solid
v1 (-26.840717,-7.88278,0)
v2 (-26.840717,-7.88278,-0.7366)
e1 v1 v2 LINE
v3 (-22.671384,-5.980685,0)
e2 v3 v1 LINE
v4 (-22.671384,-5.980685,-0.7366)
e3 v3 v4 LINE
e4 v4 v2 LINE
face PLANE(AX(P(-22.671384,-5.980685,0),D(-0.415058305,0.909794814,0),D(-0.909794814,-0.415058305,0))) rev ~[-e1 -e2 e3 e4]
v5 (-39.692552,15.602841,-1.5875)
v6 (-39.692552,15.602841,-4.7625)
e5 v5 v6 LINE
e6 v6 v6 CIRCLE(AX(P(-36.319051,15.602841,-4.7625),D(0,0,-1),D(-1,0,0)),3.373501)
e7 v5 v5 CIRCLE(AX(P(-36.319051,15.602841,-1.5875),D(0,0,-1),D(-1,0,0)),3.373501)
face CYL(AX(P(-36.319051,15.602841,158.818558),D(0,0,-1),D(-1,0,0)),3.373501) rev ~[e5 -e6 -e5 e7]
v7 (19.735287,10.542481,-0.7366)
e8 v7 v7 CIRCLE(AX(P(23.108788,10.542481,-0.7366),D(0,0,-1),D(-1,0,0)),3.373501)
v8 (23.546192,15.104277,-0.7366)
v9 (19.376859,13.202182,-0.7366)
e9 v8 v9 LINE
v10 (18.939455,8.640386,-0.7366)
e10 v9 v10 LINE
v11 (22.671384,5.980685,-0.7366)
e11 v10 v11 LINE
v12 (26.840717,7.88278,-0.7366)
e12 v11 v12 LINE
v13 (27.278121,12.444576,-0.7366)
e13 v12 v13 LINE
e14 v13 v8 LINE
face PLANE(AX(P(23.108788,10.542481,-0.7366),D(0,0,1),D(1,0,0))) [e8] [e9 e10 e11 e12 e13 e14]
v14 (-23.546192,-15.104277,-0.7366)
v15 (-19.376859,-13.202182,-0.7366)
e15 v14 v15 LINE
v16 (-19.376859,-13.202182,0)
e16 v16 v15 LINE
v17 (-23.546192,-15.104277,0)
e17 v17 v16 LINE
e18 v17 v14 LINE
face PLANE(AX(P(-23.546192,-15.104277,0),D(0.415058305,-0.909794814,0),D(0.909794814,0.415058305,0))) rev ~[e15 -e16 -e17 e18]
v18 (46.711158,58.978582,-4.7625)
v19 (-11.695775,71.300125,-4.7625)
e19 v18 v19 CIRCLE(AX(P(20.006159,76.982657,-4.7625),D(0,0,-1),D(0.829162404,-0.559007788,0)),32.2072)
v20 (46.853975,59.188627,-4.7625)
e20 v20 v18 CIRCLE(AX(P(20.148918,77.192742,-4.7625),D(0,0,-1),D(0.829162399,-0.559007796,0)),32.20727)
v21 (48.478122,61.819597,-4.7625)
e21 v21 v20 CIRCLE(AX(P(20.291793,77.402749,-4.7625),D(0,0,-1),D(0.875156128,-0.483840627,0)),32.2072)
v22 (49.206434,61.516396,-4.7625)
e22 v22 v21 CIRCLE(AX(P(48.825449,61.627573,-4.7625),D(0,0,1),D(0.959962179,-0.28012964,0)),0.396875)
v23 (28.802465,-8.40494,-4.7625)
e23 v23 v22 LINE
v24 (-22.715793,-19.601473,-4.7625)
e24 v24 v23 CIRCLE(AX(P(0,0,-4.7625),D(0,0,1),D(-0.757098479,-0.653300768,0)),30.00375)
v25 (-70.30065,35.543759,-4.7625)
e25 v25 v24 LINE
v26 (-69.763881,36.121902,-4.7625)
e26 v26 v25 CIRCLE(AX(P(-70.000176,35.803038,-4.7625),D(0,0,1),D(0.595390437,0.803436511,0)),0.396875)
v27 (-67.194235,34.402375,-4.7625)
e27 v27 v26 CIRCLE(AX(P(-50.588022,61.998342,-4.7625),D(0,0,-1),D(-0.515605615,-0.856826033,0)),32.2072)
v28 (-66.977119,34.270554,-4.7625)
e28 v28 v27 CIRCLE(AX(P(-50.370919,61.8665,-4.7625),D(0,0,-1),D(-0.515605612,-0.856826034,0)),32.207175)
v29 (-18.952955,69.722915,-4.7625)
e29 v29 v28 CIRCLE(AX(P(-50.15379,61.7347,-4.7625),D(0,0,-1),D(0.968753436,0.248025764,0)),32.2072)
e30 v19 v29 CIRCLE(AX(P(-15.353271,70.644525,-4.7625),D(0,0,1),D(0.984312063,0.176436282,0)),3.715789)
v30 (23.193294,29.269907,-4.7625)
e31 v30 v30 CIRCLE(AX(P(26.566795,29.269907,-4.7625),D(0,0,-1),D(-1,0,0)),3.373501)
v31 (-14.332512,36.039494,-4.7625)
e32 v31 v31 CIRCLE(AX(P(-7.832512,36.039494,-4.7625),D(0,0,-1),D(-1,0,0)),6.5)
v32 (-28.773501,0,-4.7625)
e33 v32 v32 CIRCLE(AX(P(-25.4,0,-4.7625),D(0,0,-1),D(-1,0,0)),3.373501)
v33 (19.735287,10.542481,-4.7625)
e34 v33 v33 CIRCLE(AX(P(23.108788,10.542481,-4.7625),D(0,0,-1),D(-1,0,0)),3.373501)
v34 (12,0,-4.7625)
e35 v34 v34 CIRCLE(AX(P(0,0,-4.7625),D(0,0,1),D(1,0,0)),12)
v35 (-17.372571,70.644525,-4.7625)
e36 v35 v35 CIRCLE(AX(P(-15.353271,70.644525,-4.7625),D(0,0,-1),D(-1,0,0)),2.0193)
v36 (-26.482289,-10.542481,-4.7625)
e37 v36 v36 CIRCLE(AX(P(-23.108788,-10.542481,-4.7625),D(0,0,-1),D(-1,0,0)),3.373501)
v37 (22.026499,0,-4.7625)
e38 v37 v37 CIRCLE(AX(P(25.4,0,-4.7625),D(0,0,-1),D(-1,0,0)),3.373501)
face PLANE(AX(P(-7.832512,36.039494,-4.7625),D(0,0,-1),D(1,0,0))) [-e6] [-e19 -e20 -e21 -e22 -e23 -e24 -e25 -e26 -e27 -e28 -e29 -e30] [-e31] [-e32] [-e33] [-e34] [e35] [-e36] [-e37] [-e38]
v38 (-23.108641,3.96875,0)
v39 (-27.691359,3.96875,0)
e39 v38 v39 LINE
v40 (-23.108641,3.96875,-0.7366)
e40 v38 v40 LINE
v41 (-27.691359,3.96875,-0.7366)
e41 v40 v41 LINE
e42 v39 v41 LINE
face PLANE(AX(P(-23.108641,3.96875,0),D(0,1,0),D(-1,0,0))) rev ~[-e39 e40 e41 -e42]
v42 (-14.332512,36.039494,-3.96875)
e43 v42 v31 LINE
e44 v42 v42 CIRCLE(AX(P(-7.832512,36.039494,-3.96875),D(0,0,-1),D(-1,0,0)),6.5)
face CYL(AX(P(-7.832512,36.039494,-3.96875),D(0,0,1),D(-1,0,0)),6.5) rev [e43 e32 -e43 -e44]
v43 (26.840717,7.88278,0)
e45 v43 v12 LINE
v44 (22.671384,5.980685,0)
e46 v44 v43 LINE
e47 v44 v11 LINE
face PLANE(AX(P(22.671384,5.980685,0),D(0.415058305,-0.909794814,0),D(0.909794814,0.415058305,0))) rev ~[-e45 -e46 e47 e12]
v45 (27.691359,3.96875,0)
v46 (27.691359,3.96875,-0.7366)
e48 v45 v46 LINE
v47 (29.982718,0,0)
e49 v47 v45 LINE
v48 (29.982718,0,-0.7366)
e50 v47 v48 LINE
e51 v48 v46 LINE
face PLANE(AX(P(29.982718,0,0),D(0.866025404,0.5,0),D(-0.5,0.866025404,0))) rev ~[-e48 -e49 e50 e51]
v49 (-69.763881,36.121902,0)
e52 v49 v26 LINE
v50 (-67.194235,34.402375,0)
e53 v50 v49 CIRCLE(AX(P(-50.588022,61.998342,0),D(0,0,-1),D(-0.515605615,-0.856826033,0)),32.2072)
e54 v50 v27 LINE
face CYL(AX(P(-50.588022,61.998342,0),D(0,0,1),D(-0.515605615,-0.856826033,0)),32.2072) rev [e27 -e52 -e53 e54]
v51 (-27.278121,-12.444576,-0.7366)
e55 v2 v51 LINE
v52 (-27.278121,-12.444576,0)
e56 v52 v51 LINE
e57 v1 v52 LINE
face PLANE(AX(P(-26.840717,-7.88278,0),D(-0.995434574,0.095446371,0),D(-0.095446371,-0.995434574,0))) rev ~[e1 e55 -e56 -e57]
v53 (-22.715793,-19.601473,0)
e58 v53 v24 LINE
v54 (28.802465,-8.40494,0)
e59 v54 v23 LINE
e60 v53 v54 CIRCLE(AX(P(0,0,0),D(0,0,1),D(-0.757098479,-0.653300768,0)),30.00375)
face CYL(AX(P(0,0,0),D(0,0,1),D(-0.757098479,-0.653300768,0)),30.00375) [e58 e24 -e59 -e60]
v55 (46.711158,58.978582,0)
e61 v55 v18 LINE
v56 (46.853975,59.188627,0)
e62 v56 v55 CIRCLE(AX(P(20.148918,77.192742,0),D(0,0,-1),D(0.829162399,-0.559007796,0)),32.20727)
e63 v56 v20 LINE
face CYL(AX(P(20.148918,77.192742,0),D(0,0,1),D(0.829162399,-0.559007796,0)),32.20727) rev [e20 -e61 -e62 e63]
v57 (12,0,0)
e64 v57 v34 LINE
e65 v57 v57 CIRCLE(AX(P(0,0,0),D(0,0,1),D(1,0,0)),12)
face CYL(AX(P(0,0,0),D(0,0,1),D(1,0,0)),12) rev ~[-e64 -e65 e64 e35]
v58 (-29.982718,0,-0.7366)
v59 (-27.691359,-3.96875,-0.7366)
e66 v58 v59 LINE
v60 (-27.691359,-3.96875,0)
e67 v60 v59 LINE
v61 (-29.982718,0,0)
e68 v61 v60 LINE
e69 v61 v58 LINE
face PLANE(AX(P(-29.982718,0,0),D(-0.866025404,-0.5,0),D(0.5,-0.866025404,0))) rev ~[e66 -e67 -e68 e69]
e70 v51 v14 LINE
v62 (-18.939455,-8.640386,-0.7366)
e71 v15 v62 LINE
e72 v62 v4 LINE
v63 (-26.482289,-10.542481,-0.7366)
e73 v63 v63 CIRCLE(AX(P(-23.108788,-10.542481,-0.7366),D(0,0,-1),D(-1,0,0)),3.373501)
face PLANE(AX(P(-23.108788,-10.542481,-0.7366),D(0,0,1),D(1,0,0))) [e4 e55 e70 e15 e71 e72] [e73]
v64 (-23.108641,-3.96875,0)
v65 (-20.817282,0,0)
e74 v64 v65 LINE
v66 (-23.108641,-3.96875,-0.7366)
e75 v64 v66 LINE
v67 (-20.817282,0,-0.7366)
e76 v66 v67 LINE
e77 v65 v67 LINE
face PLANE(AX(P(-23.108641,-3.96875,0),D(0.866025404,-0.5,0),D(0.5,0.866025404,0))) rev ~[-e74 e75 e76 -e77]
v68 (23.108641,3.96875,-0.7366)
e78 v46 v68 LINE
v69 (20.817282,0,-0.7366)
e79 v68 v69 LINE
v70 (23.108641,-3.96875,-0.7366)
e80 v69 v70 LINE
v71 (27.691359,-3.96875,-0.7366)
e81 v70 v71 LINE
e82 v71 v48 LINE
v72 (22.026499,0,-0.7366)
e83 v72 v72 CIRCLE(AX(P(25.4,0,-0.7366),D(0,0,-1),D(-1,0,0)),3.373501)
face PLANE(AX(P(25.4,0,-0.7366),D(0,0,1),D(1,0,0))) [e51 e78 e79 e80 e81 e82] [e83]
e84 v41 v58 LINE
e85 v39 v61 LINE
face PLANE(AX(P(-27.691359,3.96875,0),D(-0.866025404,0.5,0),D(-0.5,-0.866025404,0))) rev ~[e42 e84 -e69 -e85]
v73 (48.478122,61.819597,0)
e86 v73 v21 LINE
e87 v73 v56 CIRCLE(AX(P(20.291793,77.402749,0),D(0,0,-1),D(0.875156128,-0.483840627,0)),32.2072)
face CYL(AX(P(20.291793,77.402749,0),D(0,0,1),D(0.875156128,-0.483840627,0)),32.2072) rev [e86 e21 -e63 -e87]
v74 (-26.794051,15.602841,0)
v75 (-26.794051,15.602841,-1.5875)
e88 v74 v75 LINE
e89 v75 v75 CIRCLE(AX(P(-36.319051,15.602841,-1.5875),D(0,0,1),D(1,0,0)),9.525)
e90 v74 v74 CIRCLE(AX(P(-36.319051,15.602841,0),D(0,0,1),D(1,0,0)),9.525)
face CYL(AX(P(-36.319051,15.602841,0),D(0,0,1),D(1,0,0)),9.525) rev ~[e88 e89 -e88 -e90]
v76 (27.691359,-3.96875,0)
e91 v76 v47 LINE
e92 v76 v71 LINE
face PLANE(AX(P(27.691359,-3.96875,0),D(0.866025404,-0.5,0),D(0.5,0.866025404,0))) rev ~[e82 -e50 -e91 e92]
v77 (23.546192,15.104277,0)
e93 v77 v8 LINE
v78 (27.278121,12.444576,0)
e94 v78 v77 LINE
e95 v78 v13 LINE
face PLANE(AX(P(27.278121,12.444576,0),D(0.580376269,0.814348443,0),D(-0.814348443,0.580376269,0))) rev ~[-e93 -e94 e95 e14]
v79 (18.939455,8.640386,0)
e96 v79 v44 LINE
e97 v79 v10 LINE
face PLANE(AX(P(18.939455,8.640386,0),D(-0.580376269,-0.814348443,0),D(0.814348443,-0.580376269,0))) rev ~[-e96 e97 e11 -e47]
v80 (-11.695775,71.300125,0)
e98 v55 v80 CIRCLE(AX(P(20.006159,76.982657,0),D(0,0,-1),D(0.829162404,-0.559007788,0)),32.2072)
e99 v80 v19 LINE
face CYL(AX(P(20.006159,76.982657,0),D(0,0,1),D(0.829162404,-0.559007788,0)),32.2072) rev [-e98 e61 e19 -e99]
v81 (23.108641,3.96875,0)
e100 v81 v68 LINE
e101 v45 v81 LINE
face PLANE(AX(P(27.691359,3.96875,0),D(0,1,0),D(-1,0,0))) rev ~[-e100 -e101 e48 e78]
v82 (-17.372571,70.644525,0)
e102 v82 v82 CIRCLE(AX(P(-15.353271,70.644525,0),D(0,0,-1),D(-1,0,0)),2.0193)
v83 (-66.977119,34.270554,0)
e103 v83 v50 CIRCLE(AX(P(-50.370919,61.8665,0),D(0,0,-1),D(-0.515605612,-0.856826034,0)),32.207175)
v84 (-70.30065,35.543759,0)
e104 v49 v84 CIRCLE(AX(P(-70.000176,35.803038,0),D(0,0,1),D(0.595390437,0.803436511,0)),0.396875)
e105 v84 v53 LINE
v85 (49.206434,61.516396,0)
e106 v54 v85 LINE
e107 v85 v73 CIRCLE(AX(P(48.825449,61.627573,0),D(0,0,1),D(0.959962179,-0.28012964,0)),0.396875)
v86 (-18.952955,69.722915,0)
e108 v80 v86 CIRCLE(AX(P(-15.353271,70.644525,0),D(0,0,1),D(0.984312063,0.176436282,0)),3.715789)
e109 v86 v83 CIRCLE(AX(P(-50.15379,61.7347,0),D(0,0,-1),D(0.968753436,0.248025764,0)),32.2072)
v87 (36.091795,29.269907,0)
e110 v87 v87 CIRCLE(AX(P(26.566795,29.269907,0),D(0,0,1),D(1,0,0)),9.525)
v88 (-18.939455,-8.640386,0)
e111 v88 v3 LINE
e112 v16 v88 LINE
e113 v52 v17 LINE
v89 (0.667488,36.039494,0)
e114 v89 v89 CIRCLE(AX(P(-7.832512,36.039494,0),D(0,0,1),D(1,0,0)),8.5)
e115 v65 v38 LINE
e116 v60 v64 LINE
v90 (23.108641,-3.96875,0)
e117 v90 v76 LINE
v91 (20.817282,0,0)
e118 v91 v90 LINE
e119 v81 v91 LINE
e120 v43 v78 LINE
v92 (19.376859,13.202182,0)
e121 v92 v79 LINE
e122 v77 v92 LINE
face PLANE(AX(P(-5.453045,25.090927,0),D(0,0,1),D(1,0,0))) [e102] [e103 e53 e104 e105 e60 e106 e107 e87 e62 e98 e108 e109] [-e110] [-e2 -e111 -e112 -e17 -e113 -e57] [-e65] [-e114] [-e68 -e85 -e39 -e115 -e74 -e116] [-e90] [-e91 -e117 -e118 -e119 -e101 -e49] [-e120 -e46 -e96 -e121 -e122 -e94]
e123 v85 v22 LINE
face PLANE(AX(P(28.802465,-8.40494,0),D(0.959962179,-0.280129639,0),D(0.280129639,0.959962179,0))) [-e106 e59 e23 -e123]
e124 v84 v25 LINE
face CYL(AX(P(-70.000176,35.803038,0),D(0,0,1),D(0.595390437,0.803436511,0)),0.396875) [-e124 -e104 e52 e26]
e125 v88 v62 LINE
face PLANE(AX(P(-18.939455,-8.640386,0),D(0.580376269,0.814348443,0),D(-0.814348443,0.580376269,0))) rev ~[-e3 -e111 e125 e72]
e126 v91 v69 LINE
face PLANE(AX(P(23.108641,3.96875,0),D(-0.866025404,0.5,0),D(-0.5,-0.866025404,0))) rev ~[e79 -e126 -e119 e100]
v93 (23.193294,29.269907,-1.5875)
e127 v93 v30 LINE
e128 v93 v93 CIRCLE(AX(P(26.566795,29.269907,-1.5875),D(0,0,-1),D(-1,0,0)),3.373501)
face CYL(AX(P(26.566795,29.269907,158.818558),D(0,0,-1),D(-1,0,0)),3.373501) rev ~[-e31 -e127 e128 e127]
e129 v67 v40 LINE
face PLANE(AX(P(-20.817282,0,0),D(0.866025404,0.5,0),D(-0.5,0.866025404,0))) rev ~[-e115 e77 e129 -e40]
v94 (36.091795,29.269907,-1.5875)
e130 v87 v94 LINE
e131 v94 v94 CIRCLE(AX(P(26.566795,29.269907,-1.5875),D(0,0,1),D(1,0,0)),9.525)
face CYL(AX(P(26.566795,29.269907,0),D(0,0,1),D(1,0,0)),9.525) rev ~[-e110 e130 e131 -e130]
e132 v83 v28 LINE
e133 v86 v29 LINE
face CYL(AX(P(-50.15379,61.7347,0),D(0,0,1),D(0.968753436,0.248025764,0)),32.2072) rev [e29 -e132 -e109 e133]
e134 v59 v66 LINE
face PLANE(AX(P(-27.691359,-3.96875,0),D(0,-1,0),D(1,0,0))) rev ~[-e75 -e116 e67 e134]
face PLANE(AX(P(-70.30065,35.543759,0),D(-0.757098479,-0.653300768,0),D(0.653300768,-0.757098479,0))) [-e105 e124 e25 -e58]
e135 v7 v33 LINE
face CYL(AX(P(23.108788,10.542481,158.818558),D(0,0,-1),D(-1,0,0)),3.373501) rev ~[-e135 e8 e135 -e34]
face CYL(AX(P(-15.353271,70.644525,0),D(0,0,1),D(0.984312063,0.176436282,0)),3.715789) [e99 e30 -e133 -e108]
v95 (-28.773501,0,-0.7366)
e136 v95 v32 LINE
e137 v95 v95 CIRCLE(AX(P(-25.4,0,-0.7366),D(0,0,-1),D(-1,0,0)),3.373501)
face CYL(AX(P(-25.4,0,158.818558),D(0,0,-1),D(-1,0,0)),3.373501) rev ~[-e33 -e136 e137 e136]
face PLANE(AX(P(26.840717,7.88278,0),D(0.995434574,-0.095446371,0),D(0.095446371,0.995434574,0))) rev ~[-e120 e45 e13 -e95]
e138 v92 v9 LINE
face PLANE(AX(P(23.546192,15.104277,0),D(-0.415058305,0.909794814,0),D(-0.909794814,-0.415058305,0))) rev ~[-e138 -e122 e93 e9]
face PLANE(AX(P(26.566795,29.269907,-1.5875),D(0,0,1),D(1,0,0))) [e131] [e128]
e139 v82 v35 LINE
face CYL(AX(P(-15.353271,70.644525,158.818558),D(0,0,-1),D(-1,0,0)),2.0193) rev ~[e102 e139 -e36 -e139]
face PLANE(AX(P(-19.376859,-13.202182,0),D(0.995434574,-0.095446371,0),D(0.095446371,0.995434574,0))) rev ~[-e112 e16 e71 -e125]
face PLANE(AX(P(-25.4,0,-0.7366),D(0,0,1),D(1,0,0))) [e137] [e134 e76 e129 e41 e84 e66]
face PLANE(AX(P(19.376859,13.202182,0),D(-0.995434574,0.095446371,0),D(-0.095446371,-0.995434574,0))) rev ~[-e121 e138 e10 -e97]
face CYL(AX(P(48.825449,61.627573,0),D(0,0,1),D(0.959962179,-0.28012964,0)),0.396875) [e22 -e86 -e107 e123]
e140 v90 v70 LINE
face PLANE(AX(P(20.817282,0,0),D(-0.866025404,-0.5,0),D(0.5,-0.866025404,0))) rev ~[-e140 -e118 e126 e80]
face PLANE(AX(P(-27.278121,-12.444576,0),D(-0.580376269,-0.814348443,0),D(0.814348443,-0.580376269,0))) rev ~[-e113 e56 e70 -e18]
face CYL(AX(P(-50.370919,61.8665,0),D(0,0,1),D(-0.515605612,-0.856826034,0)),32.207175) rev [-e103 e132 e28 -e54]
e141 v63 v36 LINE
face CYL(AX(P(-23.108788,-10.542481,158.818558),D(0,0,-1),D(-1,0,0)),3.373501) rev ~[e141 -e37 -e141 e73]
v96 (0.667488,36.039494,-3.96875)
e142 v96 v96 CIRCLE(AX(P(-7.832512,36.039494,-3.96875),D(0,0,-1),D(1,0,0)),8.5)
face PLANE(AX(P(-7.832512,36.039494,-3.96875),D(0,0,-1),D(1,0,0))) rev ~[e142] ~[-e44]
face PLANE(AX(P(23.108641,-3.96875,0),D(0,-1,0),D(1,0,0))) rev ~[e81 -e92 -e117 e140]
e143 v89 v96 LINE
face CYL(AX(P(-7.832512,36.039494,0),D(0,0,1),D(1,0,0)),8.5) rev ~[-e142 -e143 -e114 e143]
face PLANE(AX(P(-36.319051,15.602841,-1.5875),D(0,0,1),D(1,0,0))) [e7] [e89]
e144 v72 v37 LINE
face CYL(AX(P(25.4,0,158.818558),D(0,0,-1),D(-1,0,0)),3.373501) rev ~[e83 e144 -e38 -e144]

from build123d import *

# Parameters (mm, degrees)
SKETCH1_R                        = 12.000000003
SKETCH1_R_2                      = 8.500000018
BOSS_EXTRUDE1_DEPTH              = 4.7625
SKETCH1_4_R                      = 9.525
CUT_EXTRUDE1_DEPTH               = 1.5875
F_10_32_TAPPED_HOLE1_D           = 4.0386
BOSS_EXTRUDE3_START              = -0.79375
SKETCH7_R                        = 8.500000018
SKETCH7_R_2                      = 6.5
BOSS_EXTRUDE3_DEPTH              = 0.79375
F_17_64_0_26563_DIAMETER_HOLE1_D = 6.747002
CUT_EXTRUDE2_DEPTH               = 0.7366


with BuildPart() as part:
    # Sketch1 → Boss-Extrude1 (new body)
    with BuildSketch(Plane.XY):
        with BuildLine():
            Line((-70.300649756, 35.543758941), (-22.715793489, -19.601472909))
            ThreePointArc((-22.715793489, -19.601472909), (6.372007721, -29.319320109), (28.80246523, -8.404939663))
            Line((28.80246523, -8.404939663), (49.20643424, 61.516396068))
            ThreePointArc((49.20643424, 61.516396068), (48.977980792, 61.993965606), (48.478121662, 61.819596767))
            ThreePointArc((48.478121662, 61.819596767), (47.697638407, 60.484610946), (46.853975269, 59.18862724))
            ThreePointArc((46.853975269, 59.18862724), (46.782773661, 59.083463588), (46.711157924, 58.978581516))
            ThreePointArc((46.711157924, 58.978581516), (13.35804262, 45.469068231), (-11.695774538, 71.300125033))
            ThreePointArc((-11.695774538, 71.300125033), (-16.142405131, 74.275551921), (-18.952954781, 69.722915382))
            ThreePointArc((-18.952954781, 69.722915382), (-31.025391021, 35.82315688), (-66.977119299, 34.270553581))
            ThreePointArc((-66.977119299, 34.270553581), (-67.0858071, 34.336250039), (-67.194235, 34.402374566))
            ThreePointArc((-67.194235, 34.402374566), (-68.499704148, 35.231284429), (-69.763880718, 36.121901549))
            ThreePointArc((-69.763880718, 36.121901549), (-70.291023197, 36.073070731), (-70.300649756, 35.543758941))
        make_face()
        Circle(SKETCH1_R, mode=Mode.SUBTRACT)
        with Locations((-7.832512348, 36.039494433)):
            Circle(SKETCH1_R_2, mode=Mode.SUBTRACT)
    extrude(amount=-BOSS_EXTRUDE1_DEPTH)

    # Sketch1<4> → Cut-Extrude1 (cut)
    with BuildSketch(Plane.XY):
        with Locations((-36.319050549, 15.602840887)):
            Circle(SKETCH1_4_R)
        with Locations((26.566795152, 29.269907275)):
            Circle(SKETCH1_4_R)
    extrude(amount=-CUT_EXTRUDE1_DEPTH, mode=Mode.SUBTRACT)

    # #10-32 Tapped Hole1 (through all)
    with Locations(Plane.XY):
        with Locations((-15.353270713, 70.644524994)):
            Hole(F_10_32_TAPPED_HOLE1_D / 2)

    # Sketch7 → Boss-Extrude3 (add)
    with BuildSketch(Plane(origin=(0, 0, -4.7625), x_dir=(-1, 0, 0), z_dir=(0, 0, -1)).offset(BOSS_EXTRUDE3_START)):
        with Locations((7.832512348, 36.039494433)):
            Circle(SKETCH7_R)
        with Locations((7.832512348, 36.039494433)):
            Circle(SKETCH7_R_2, mode=Mode.SUBTRACT)
    extrude(amount=BOSS_EXTRUDE3_DEPTH)

    # 17/64 (0.26563) Diameter Hole1 (through all)
    with Locations(Plane.XY):
        with Locations((-36.319050549, 15.602840887), (26.566795152, 29.269907275), (23.108788276, 10.542480941), (25.4, 0), (-23.108788276, -10.542480941), (-25.4, 0)):
            Hole(F_17_64_0_26563_DIAMETER_HOLE1_D / 2)

    # Sketch1<5> → Cut-Extrude2 (cut)
    with BuildSketch(Plane.XY):
        Polygon((-27.691358881, 3.96875), (-29.982717762, 0), (-27.691358881, -3.96875), (-23.108641119, -3.96875), (-20.817282238, 0), (-23.108641119, 3.96875), align=None)
        Polygon((-19.376859203, -13.202181577), (-18.939455423, -8.640385876), (-22.671384497, -5.98068524), (-26.84071735, -7.882780306), (-27.27812113, -12.444576006), (-23.546192056, -15.104276642), align=None)
        Polygon((19.376859203, 13.202181577), (18.939455423, 8.640385876), (22.671384497, 5.98068524), (26.84071735, 7.882780306), (27.27812113, 12.444576006), (23.546192056, 15.104276642), align=None)
        Polygon((23.108641119, 3.96875), (20.817282238, 0), (23.108641119, -3.96875), (27.691358881, -3.96875), (29.982717762, 0), (27.691358881, 3.96875), align=None)
    extrude(amount=-CUT_EXTRUDE2_DEPTH, mode=Mode.SUBTRACT)


solid = part.part
